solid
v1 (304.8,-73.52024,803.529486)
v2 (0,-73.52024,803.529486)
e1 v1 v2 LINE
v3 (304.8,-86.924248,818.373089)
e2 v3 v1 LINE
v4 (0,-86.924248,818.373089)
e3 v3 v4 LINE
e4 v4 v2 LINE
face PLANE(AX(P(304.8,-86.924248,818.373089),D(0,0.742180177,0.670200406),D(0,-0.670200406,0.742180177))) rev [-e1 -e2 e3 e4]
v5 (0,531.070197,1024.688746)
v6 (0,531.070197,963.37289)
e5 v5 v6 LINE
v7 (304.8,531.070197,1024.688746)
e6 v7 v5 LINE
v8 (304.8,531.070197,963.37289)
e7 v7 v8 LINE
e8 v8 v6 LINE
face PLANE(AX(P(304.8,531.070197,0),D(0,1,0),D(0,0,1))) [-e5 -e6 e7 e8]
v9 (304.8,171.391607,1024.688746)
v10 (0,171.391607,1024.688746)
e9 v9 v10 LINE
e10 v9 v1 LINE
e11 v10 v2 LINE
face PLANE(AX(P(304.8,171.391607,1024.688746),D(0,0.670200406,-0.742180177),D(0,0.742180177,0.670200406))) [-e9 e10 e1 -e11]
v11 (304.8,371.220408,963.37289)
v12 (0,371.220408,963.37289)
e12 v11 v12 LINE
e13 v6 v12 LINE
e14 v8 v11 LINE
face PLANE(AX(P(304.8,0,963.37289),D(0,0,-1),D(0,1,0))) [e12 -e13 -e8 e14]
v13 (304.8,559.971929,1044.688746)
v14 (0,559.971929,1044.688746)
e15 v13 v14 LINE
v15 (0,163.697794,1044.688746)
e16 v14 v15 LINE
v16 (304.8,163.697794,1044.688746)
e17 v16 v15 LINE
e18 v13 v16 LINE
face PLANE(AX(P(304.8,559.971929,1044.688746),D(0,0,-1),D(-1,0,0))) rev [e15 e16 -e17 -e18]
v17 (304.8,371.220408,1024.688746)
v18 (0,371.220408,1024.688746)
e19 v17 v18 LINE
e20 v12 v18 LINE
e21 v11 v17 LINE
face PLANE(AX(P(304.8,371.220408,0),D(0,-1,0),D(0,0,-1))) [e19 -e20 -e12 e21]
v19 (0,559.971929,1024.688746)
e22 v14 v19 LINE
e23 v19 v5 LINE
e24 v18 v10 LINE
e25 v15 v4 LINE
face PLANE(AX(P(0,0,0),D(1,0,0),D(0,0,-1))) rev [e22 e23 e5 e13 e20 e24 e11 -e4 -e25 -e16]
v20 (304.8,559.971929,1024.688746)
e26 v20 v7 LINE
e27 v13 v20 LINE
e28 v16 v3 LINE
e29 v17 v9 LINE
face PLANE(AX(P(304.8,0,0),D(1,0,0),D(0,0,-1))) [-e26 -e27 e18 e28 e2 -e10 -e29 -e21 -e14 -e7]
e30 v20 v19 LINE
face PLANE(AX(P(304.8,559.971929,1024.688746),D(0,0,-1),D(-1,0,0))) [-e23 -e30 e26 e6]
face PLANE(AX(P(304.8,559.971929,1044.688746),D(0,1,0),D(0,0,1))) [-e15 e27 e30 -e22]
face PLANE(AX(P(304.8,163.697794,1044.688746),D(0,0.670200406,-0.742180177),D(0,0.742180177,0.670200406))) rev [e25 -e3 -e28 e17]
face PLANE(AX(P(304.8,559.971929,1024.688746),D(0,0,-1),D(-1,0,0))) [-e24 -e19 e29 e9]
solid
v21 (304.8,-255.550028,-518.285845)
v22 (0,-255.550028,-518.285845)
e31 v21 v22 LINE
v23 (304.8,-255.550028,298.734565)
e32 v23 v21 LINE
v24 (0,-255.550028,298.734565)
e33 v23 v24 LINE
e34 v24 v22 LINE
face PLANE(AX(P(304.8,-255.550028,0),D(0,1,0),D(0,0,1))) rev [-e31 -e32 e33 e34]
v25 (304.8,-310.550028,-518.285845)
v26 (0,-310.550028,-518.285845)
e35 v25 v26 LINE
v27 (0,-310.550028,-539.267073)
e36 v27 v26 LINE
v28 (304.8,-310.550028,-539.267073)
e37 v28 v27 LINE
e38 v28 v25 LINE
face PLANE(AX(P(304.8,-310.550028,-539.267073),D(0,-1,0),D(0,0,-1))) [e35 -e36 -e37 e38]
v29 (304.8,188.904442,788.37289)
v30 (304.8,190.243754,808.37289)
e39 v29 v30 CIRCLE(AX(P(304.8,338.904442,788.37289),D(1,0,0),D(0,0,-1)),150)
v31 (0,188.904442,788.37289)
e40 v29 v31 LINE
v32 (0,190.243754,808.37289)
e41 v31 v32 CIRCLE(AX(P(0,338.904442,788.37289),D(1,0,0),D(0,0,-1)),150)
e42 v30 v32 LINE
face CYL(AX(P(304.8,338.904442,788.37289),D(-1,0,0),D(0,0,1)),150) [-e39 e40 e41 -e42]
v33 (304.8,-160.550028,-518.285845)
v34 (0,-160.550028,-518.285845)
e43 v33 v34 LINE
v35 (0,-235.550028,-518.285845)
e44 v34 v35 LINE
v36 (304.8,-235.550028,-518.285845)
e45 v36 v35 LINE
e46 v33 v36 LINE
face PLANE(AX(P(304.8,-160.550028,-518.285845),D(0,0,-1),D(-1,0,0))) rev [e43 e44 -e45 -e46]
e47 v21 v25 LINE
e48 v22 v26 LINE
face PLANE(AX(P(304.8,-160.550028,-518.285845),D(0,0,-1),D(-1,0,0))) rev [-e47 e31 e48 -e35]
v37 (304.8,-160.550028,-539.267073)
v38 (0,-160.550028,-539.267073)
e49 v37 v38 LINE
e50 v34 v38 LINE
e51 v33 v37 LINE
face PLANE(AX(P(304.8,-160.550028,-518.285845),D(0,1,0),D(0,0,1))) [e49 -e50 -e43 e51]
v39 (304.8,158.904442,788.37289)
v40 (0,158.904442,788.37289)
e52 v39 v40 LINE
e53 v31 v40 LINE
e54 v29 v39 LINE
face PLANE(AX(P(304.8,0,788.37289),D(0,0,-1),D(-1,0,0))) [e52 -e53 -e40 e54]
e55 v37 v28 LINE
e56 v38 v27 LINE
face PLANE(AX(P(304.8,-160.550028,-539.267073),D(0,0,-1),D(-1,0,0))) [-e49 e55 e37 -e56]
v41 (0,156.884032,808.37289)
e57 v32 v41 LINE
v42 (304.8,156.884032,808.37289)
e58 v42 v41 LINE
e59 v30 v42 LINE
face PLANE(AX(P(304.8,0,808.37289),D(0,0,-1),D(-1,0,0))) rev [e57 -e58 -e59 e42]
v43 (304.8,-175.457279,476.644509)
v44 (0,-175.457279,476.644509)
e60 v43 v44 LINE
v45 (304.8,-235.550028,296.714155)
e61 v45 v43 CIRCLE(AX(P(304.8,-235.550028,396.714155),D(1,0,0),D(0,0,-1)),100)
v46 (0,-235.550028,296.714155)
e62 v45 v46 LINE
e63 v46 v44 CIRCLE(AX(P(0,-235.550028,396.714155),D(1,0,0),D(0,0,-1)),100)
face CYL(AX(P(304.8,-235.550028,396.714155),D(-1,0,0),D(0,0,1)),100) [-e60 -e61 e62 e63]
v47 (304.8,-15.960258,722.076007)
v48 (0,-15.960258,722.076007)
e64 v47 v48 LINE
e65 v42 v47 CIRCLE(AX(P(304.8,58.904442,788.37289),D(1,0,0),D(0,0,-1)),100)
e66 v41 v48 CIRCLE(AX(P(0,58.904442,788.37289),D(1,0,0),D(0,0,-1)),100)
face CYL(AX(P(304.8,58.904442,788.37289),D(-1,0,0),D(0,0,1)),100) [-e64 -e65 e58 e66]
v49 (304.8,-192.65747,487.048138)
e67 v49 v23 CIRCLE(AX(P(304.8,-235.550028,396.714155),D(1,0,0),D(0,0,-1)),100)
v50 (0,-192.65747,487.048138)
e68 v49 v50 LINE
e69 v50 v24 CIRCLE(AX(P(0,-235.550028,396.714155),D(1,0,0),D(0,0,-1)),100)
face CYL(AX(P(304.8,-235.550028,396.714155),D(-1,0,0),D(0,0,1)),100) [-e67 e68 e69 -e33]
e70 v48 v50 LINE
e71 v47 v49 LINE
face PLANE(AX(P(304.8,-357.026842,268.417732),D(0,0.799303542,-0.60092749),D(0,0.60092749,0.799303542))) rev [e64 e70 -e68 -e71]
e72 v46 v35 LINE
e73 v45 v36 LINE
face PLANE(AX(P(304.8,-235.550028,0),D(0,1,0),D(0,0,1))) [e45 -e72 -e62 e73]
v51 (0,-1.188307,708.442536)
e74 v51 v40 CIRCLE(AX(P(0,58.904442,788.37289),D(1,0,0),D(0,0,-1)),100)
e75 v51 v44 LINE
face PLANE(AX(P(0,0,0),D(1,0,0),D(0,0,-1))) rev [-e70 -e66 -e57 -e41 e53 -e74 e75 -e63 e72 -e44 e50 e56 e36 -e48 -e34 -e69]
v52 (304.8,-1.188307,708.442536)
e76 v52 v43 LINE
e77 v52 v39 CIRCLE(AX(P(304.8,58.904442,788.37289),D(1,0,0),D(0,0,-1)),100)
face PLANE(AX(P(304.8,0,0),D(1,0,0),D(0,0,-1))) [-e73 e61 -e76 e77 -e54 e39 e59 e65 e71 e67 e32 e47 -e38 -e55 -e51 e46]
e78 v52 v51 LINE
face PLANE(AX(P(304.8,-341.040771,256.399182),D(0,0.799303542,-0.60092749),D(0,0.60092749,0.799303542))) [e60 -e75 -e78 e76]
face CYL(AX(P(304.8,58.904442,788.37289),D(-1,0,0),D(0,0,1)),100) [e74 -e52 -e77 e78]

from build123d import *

# Parameters (mm, degrees)
BOSS_EXTRUDE1_DEPTH   = 304.8
BOSS_EXTRUDE1_2_DEPTH = 304.8


with BuildPart() as part:
    # Sketch1 → Boss-Extrude1 (new body)
    with BuildSketch(Plane(origin=(0, 0, 0), x_dir=(0, 0, -1), z_dir=(1, 0, 0))):
        with BuildLine():
            ThreePointArc((-862.590908506, -8.115598213), (-793.94700601, -40.940083443), (-722.076007022, -15.960257887))
            Line((-722.076007022, -15.960257887), (-487.048137736, -192.65747016))
            ThreePointArc((-487.048137736, -192.65747016), (-428.391943484, -330.400002986), (-298.734565156, -255.550028245))
            Line((-298.734565156, -255.550028245), (518.285845133, -255.550028245))
            Line((518.285845133, -255.550028245), (518.285845133, -310.550028245))
            Line((518.285845133, -310.550028245), (539.267073435, -310.550028245))
            Line((539.267073435, -310.550028245), (539.267073435, -160.550028245))
            Line((539.267073435, -160.550028245), (518.285845133, -160.550028245))
            Line((518.285845133, -160.550028245), (518.285845133, -235.550028245))
            Line((518.285845133, -235.550028245), (-296.714154867, -235.550028245))
            ThreePointArc((-296.714154867, -235.550028245), (-365.036366251, -140.700053504), (-476.644509035, -175.457279243))
            Line((-476.644509035, -175.457279243), (-708.442536122, -1.188307137))
            ThreePointArc((-708.442536122, -1.188307137), (-698.904250811, 103.573923056), (-788.37289029, 158.904441865))
            Line((-788.37289029, 158.904441865), (-788.37289029, 188.904441865))
            ThreePointArc((-788.37289029, 188.904441865), (-778.350493395, 488.569239197), (-808.37289029, 190.243754392))
            Line((-808.37289029, 190.243754392), (-808.37289029, 156.884031576))
            ThreePointArc((-808.37289029, 156.884031576), (-883.375407081, 90.121773641), (-862.590908506, -8.115598213))
        make_face()
    extrude(amount=BOSS_EXTRUDE1_DEPTH)


with BuildPart() as body_2:
    # Sketch1 → Boss-Extrude1 2 (new body)
    with BuildSketch(Plane(origin=(0, 0, 0), x_dir=(0, 0, -1), z_dir=(1, 0, 0))):
        Polygon((-1024.688746425, 171.391607246), (-1024.688746425, 371.220407618), (-963.37289029, 371.220407618), (-963.37289029, 531.070196922), (-1024.688746425, 531.070196922), (-1024.688746425, 559.971929091), (-1044.688746425, 559.971929091), (-1044.688746425, 163.697794457), (-818.373089049, -86.924247939), (-803.529485508, -73.520239811), (-862.590908506, -8.115598213), align=None)
    extrude(amount=BOSS_EXTRUDE1_2_DEPTH)


solid = Compound([part.part, body_2.part])
